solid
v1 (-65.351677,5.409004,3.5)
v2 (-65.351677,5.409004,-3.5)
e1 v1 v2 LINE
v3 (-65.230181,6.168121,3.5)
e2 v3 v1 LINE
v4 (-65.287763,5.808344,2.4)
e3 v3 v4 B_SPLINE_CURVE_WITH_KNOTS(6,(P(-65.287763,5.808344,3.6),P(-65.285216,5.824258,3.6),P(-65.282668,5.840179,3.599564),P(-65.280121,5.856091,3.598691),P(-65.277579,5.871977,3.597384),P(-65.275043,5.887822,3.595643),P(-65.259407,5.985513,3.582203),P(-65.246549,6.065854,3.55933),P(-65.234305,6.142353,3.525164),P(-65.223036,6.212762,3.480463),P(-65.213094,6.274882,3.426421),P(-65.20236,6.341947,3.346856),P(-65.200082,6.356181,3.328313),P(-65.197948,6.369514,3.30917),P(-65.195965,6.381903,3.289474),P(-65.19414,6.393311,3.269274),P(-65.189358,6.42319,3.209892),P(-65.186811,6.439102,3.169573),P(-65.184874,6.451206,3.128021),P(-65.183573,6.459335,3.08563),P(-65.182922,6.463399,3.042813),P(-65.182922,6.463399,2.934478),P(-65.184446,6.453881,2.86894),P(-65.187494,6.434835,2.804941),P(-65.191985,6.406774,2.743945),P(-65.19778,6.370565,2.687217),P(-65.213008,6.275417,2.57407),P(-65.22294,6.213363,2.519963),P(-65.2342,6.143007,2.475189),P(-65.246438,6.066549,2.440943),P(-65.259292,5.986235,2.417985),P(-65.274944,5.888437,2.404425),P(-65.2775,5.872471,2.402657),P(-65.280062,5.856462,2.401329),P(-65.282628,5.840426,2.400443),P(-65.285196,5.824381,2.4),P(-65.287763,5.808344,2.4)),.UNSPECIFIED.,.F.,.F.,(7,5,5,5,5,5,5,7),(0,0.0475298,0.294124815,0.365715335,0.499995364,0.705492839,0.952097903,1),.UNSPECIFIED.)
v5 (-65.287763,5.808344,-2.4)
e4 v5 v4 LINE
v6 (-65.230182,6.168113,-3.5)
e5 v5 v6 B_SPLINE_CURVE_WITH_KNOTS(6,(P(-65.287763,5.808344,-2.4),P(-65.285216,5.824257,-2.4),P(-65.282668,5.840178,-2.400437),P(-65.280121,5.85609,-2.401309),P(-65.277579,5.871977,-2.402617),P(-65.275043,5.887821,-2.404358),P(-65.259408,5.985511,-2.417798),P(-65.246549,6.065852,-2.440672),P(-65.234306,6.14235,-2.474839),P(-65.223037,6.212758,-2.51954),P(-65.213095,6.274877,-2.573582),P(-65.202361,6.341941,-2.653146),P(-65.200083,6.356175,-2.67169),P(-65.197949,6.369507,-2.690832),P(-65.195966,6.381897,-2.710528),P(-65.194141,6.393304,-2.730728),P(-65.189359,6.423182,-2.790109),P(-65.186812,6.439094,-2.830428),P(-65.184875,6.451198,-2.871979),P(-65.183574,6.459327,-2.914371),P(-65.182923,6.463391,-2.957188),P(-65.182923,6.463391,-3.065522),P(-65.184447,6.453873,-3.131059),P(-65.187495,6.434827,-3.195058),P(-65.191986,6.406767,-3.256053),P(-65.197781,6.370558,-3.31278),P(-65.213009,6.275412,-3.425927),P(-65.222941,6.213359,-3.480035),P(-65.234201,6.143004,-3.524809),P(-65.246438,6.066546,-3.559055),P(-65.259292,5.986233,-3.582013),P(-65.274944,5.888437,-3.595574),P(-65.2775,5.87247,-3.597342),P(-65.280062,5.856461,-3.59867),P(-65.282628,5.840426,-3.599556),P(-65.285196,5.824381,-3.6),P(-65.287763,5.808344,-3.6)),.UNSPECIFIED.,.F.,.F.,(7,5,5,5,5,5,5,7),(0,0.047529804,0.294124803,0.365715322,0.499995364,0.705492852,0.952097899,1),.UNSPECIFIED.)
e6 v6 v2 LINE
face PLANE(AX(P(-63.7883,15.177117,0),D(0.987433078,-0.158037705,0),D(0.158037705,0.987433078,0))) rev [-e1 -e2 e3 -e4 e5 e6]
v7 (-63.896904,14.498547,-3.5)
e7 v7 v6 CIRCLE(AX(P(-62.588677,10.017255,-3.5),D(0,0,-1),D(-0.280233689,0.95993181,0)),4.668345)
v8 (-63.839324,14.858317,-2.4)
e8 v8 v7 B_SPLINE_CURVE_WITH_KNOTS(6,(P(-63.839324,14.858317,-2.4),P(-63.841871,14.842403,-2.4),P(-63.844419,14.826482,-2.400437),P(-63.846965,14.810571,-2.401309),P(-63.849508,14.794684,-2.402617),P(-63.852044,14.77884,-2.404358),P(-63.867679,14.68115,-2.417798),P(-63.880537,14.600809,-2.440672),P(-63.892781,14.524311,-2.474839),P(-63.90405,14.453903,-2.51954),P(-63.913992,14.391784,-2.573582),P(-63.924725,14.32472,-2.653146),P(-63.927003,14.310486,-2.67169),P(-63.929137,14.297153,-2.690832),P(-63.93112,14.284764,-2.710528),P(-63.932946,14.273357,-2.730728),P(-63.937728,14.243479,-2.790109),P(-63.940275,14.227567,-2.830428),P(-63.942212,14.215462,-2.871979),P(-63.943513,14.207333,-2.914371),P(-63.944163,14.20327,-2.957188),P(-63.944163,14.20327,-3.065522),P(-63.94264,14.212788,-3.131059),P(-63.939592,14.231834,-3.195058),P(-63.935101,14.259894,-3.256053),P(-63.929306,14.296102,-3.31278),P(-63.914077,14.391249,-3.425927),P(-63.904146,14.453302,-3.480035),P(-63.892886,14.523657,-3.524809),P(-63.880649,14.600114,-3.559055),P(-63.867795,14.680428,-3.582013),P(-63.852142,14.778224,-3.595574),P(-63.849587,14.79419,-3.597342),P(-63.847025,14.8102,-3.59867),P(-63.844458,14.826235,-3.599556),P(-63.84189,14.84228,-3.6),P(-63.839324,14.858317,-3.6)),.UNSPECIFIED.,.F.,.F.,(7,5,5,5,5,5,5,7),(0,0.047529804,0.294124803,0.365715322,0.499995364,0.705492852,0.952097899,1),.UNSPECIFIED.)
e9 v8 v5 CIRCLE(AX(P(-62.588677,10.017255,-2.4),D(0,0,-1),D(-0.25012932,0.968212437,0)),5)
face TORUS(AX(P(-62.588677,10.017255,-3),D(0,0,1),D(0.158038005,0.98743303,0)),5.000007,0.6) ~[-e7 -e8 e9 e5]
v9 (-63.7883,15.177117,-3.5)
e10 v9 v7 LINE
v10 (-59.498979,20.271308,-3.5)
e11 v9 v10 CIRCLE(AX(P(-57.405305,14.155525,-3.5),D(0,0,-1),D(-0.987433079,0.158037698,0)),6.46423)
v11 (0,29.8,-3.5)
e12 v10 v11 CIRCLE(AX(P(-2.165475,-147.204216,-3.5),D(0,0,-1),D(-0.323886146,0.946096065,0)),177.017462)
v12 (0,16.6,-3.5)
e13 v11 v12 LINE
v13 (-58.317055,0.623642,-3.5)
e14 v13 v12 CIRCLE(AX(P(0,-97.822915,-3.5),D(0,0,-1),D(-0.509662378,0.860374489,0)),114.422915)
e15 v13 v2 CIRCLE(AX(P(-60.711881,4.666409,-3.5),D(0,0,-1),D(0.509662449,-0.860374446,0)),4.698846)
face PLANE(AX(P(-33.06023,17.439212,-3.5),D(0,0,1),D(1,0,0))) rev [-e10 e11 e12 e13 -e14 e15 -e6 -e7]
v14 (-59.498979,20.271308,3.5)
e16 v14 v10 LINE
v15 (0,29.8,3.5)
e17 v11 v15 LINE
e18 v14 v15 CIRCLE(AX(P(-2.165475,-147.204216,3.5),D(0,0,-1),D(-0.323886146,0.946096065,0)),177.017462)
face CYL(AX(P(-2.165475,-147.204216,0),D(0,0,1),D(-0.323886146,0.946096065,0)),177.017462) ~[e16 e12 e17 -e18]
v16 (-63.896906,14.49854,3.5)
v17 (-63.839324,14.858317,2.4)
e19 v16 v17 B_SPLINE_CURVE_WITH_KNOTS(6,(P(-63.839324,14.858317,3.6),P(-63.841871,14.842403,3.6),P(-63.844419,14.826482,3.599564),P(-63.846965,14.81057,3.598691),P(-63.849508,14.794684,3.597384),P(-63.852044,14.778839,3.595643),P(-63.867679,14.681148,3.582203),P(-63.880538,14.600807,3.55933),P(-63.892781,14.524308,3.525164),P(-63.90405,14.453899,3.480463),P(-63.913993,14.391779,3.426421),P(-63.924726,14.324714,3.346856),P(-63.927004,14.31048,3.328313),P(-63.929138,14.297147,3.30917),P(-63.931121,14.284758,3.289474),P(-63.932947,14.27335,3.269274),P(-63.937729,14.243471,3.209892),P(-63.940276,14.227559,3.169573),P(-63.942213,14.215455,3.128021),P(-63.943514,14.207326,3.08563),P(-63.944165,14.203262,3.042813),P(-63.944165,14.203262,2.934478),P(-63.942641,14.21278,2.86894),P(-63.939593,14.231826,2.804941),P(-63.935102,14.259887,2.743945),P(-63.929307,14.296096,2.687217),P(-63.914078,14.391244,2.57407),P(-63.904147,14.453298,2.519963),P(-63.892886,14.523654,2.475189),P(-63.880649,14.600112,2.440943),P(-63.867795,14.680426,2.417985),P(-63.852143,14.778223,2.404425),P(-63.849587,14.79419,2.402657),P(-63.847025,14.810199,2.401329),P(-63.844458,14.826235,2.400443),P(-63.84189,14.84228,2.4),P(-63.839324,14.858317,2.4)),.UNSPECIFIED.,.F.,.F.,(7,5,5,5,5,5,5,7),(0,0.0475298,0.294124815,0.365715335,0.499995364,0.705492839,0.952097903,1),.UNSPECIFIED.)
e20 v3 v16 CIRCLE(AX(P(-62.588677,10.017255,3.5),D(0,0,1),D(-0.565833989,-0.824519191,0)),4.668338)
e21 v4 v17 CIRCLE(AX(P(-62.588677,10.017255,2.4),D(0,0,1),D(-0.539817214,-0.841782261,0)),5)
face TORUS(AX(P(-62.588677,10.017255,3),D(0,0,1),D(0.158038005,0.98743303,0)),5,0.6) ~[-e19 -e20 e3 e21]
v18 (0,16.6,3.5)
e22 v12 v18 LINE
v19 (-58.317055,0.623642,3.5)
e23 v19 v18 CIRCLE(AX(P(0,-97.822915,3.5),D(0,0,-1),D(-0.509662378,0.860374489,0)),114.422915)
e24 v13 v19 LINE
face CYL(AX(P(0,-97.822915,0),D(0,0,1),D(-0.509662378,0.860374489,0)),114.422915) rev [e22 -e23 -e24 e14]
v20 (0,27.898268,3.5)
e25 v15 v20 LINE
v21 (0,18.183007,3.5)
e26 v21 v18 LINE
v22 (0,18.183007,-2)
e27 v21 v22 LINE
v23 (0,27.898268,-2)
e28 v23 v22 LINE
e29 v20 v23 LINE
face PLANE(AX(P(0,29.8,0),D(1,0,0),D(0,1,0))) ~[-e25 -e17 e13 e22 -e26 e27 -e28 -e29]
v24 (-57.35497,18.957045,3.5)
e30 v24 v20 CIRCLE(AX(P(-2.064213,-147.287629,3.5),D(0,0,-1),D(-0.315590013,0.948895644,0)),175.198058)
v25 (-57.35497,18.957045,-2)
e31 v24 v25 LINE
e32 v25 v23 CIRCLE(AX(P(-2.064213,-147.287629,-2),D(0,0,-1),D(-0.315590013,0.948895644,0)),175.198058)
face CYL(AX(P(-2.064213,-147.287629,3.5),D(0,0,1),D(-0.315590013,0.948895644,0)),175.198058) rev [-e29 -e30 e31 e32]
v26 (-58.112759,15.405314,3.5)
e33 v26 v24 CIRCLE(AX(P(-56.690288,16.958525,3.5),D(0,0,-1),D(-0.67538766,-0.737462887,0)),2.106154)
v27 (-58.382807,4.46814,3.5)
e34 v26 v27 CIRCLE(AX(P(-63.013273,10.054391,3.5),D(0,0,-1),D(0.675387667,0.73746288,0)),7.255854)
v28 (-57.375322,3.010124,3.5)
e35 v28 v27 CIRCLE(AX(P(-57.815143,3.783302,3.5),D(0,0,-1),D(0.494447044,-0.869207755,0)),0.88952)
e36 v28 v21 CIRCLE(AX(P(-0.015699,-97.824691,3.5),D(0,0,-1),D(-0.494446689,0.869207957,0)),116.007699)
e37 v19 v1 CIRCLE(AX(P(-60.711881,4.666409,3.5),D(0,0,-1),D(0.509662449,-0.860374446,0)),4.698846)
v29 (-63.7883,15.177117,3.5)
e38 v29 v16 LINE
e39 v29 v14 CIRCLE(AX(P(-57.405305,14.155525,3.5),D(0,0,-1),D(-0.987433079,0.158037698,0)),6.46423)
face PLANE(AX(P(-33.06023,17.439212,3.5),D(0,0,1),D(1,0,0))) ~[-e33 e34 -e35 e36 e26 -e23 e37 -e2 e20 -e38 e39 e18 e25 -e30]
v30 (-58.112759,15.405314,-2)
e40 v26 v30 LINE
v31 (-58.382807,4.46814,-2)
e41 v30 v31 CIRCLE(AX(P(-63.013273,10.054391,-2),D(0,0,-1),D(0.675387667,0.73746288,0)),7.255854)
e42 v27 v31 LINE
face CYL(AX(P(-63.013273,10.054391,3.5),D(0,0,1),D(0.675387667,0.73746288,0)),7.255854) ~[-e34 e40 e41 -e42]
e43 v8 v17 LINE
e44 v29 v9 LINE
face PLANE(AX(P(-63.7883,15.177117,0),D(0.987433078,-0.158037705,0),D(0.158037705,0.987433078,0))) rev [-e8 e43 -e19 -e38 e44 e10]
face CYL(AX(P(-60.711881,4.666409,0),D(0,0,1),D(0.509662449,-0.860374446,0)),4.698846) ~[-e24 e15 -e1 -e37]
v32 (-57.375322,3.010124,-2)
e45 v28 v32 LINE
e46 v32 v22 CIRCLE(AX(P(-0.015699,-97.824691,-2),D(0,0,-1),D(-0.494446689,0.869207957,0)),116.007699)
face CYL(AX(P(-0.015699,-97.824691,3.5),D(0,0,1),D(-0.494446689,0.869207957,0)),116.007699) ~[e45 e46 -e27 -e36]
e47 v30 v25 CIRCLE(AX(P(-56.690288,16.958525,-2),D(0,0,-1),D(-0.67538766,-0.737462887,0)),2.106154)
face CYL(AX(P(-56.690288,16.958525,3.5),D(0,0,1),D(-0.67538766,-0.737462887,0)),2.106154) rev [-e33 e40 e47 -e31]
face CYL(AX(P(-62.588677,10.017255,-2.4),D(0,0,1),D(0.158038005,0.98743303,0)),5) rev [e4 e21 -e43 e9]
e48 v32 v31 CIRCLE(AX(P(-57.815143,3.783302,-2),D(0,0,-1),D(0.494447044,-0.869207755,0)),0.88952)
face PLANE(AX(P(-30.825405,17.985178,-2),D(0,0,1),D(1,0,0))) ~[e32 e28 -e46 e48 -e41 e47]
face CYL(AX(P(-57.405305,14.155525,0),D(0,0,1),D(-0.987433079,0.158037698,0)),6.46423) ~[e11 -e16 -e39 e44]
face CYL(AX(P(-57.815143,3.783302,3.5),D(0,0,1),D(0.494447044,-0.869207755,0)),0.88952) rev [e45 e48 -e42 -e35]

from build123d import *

# Parameters (mm, degrees)
PAD003_DEPTH = 3.5
POCKET_DEPTH = 5.5


with BuildPart() as stirn:
    # Sketch010 → Pad003 (new body, symmetric)
    with BuildSketch(Plane.XY):
        with BuildLine():
            ThreePointArc((59.498979, 20.271308), (30.157918, 27.585958), (0, 29.8))
            Line((0, 29.8), (0, 16.6))
            ThreePointArc((58.317055, 0.623642), (30.232941, 12.533656), (0, 16.6))
            ThreePointArc((58.317055, 0.623642), (63.354776, 0.781276), (65.351677, 5.409004))
            Line((63.7883, 15.177117), (65.351677, 5.409004))
            ThreePointArc((63.7883, 15.177117), (62.350118, 18.319069), (59.498979, 20.271308))
        make_face()
    extrude(amount=PAD003_DEPTH, both=True)

    # Sketch009 → Pocket (cut)
    with BuildSketch(Plane.XY.offset(3.5)):
        with BuildLine():
            Line((0, 27.898268), (0, 18.183007))
            ThreePointArc((57.375322, 3.010124), (29.674349, 14.327664), (0, 18.183007))
            ThreePointArc((57.375322, 3.010124), (58.546948, 3.277627), (58.382807, 4.46814))
            ThreePointArc((58.112759, 15.405314), (55.75963, 9.875292), (58.382807, 4.46814))
            ThreePointArc((58.112759, 15.405314), (58.750082, 17.397997), (57.35497, 18.957045))
            ThreePointArc((57.35497, 18.957045), (29.050369, 25.819583), (0, 27.898268))
        make_face()
    extrude(amount=-POCKET_DEPTH, mode=Mode.SUBTRACT)

    # Sketch011 (on Face2 of Pocket) → Groove (revolve, cut)
    with BuildSketch(Plane(origin=(62.588677, 10.017255, 0), x_dir=(-0.158038, 0.987433, 0), z_dir=(0.987433, 0.158038, 0))):
        with BuildLine():
            Line((0, -3.6), (0, 3.6))
            Line((0, 3.6), (5, 3.6))
            ThreePointArc((5, 3.6), (4.4, 3), (5, 2.4))
            Line((5, -2.4), (5, 2.4))
            ThreePointArc((5, -2.4), (4.400007, -3), (5, -3.6))
            Line((0, -3.6), (5, -3.6))
        make_face()
    revolve(axis=Axis((62.588677, 10.017255, 0), (0, 0, 1)), mode=Mode.SUBTRACT)


with BuildPart() as part_mirroring:
    # Part__Mirroring: instance of Stirn
    add(stirn.part.mirror(Plane(origin=(0, 0, 0), x_dir=(0, -1, 0), z_dir=(1, 0, 0))))


solid = part_mirroring.part
